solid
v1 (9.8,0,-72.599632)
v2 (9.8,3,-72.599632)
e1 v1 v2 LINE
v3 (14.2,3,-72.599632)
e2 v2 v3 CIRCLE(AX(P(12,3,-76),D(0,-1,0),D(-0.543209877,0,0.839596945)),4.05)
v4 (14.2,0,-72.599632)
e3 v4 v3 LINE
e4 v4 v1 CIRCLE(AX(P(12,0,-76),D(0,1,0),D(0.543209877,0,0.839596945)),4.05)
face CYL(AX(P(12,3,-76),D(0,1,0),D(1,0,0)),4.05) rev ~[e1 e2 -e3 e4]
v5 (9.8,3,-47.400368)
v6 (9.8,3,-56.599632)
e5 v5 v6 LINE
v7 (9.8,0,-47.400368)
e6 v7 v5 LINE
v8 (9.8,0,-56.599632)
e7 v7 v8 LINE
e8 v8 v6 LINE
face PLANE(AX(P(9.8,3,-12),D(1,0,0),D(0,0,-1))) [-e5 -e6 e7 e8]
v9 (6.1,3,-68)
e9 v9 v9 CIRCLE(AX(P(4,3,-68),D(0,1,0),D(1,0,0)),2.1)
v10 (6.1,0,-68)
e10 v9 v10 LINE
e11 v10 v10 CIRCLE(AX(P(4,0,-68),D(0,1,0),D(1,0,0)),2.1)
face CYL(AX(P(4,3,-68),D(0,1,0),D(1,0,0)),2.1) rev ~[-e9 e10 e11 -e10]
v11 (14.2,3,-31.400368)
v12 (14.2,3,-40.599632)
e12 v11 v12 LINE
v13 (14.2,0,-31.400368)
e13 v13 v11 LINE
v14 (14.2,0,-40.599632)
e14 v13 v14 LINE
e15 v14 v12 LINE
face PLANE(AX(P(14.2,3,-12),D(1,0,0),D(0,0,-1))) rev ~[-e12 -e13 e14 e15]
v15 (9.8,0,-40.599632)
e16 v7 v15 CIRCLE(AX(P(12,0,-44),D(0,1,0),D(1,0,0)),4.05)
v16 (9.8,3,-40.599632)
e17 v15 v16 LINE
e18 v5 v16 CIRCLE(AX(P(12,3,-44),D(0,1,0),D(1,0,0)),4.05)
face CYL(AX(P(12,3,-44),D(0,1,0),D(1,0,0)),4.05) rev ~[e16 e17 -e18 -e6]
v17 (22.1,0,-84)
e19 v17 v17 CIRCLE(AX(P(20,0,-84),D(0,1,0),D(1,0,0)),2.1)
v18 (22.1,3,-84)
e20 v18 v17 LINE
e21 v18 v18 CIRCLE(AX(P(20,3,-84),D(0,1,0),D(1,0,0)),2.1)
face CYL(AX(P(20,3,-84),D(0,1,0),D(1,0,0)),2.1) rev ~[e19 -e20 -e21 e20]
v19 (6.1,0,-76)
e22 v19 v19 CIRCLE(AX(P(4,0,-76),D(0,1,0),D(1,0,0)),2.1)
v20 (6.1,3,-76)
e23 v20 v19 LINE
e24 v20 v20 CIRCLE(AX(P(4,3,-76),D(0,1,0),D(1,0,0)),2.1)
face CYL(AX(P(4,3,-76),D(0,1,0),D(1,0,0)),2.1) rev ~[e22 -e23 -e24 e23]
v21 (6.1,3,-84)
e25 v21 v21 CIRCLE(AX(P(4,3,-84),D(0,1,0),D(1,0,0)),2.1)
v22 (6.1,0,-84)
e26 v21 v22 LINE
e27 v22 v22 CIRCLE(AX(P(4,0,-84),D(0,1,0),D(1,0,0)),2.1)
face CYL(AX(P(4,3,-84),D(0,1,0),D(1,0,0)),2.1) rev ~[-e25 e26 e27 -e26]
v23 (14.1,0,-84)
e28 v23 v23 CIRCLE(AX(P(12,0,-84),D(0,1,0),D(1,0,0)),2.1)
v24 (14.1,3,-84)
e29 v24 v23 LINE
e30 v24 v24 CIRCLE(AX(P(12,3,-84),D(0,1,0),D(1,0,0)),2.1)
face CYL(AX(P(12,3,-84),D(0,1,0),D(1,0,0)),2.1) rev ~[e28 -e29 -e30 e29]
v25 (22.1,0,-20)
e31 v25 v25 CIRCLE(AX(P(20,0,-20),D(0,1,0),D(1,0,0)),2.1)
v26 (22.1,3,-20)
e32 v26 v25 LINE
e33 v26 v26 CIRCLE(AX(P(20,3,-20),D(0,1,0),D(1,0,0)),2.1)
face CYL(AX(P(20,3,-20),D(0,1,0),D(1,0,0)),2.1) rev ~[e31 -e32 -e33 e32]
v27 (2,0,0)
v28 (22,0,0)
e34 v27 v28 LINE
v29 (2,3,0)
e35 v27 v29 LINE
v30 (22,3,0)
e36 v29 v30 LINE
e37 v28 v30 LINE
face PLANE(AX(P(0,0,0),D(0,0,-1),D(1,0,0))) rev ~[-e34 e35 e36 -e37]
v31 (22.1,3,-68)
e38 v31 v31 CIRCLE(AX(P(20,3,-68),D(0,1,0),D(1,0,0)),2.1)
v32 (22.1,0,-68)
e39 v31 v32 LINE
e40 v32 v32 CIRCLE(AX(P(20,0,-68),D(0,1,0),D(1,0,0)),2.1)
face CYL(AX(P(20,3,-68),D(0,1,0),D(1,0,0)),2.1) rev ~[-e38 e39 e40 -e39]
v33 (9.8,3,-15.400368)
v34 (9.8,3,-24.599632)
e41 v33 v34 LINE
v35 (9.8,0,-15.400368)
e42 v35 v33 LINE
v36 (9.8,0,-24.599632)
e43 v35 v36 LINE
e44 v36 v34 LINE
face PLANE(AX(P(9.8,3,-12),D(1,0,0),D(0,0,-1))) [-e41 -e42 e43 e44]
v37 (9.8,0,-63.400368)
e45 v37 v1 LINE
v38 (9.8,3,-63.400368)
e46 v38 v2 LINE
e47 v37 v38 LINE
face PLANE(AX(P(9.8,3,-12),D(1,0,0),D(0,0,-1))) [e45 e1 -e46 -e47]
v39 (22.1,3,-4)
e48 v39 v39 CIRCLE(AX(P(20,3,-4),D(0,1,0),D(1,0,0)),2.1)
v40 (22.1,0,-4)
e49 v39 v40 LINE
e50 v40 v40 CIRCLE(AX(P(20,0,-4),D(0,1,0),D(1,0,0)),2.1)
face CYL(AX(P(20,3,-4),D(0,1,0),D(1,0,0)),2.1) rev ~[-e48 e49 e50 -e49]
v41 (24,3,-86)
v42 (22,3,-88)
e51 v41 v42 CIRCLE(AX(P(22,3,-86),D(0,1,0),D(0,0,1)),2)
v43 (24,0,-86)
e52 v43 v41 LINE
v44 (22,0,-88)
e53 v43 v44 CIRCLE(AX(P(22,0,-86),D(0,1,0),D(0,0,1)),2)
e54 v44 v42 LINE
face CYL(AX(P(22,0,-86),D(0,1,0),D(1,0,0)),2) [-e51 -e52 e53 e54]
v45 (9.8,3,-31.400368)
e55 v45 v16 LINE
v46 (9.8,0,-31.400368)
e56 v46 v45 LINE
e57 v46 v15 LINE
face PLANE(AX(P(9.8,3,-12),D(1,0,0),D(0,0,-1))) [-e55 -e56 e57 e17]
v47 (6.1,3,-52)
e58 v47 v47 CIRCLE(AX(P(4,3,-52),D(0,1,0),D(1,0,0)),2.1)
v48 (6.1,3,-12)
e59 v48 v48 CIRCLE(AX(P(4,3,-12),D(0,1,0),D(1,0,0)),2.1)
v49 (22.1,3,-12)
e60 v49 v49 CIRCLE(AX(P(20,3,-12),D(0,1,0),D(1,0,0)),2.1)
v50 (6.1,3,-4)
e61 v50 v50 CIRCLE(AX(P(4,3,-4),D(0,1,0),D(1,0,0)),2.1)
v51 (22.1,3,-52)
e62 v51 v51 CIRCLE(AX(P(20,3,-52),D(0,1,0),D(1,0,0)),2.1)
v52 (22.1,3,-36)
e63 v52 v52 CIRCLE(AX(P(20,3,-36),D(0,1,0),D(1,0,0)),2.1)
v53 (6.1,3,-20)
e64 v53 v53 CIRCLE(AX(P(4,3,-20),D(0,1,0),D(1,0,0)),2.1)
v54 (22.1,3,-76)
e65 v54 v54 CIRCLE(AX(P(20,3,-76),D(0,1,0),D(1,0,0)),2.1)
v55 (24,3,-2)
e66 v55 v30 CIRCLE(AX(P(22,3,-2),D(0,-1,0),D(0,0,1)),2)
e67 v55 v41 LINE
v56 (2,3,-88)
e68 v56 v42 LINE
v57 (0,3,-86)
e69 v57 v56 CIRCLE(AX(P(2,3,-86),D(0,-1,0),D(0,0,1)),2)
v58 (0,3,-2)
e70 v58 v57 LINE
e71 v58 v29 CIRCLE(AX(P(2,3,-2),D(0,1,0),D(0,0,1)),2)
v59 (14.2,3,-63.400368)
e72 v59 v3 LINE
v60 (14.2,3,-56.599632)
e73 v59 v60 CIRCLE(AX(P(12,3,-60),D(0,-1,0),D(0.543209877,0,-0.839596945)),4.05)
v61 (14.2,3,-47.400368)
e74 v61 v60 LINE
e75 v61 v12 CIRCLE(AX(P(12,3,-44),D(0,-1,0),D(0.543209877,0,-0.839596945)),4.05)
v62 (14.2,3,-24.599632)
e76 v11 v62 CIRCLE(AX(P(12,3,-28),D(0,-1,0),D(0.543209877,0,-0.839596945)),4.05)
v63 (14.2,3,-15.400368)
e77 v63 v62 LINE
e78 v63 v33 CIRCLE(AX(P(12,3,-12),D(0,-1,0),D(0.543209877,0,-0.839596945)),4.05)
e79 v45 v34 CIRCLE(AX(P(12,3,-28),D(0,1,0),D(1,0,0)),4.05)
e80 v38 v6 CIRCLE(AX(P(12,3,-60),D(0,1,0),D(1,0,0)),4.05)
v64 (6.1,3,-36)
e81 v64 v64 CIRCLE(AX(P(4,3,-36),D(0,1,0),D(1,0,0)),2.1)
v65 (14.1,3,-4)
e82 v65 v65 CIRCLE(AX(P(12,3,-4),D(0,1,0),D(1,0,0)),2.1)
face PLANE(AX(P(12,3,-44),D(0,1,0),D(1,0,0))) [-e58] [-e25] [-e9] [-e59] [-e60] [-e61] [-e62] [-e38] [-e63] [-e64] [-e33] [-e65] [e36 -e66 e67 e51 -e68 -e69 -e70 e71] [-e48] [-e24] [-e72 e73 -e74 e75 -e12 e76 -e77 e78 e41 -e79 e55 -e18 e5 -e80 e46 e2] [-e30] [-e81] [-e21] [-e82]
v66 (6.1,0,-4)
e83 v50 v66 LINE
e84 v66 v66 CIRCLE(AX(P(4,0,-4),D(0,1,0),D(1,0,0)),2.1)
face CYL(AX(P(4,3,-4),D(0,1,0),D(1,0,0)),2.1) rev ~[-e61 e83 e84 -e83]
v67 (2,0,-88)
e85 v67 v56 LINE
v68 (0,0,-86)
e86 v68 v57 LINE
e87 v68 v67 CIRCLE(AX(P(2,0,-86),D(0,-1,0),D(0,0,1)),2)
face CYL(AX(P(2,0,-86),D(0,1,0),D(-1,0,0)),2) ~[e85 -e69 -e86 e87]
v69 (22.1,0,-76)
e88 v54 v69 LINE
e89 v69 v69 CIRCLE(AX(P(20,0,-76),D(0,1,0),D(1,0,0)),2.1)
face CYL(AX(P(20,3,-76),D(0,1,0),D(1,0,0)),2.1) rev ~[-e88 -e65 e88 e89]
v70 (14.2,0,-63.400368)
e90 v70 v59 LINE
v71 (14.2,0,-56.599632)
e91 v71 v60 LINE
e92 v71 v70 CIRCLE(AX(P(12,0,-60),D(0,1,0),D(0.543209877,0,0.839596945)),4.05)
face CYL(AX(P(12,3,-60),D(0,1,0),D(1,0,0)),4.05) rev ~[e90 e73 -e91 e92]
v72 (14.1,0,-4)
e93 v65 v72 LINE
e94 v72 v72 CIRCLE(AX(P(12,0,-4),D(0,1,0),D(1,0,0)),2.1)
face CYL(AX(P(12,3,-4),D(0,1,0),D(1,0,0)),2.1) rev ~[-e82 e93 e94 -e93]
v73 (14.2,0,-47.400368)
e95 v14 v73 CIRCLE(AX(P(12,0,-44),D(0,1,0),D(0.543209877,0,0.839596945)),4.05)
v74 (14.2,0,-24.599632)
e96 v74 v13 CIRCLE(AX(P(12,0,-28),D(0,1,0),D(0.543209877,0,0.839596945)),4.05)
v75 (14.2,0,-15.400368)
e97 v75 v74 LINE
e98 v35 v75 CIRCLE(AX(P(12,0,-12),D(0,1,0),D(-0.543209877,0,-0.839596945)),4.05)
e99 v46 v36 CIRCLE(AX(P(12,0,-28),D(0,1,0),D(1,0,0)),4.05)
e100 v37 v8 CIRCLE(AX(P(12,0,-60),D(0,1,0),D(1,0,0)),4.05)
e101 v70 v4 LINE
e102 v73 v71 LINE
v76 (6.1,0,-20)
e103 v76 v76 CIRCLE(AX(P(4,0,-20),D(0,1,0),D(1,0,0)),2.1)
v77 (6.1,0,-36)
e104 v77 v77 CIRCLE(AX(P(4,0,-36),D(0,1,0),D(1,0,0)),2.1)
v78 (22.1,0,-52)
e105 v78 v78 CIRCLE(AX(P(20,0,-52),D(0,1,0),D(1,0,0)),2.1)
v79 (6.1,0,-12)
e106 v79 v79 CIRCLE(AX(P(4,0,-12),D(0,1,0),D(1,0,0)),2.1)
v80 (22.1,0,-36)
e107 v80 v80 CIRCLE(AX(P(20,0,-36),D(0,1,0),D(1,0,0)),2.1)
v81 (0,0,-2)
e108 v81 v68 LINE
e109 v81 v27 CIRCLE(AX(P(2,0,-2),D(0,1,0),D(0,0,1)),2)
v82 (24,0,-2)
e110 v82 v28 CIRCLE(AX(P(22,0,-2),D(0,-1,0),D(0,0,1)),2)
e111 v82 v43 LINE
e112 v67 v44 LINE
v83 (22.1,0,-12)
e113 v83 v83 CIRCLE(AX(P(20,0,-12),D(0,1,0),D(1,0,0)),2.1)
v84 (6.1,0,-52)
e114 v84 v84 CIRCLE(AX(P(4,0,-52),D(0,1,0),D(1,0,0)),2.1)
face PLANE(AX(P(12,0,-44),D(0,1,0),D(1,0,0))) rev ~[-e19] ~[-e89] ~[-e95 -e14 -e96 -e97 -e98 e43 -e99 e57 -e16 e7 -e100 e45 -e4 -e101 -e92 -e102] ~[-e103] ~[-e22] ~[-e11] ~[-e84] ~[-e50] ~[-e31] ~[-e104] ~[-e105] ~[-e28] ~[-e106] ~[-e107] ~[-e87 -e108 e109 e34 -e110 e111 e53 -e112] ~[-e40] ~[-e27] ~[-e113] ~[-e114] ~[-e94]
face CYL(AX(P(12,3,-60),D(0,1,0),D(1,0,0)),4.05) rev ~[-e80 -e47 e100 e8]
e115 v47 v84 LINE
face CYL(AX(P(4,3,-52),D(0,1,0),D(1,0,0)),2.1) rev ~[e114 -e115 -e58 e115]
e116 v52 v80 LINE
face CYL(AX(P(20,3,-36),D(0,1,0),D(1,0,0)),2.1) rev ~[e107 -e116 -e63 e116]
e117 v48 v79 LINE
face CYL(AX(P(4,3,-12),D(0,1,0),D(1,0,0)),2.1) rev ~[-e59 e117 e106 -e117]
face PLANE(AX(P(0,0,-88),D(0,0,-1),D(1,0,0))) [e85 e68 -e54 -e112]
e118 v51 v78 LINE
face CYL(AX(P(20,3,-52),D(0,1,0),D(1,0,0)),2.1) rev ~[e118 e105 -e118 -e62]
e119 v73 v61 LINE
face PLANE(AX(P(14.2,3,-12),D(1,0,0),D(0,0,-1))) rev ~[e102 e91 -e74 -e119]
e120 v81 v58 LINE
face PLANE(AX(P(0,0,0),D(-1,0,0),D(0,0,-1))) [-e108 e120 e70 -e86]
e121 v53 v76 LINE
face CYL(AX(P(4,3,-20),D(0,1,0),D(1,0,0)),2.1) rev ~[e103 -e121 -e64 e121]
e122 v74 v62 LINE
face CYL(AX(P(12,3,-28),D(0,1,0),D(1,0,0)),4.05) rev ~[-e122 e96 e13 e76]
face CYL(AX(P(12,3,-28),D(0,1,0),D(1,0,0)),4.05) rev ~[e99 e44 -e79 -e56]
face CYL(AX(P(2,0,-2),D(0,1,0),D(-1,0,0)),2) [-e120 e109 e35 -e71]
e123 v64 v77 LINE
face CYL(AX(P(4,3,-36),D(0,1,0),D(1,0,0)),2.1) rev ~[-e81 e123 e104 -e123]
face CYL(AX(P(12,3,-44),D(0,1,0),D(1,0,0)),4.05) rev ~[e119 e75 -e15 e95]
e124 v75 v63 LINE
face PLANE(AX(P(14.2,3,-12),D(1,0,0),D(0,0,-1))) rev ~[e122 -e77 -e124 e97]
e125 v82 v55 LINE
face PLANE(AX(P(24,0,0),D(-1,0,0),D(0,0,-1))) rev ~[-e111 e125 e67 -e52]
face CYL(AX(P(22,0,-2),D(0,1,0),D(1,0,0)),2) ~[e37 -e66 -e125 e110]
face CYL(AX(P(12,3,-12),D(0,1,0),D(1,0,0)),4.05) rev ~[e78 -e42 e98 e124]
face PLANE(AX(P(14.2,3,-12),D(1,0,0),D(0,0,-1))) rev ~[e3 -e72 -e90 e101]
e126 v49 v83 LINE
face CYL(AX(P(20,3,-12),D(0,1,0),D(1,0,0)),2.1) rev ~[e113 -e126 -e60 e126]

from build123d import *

# Parameters (mm, degrees)
SKETCH1_W           = 24
SKETCH1_H           = 88
BOSS_EXTRUDE1_DEPTH = 3
SKETCH2_R           = 2.1
CUT_EXTRUDE1_DEPTH  = 4
SKETCH3_R           = 4.05
CUT_EXTRUDE2_DEPTH  = 4
LPATTERN1_COUNT     = 5
LPATTERN1_PITCH     = 16
SKETCH4_W           = 4.4
SKETCH4_H           = 64
CUT_EXTRUDE3_DEPTH  = 4
FILLET1_R           = 2


with BuildPart() as part:
    # Sketch1 → Boss-Extrude1 (new body)
    with BuildSketch(Plane(origin=(0, 0, 0), x_dir=(1, 0, 0), z_dir=(0, 1, 0))):
        with Locations((12, 44)):
            Rectangle(SKETCH1_W, SKETCH1_H)
    extrude(amount=BOSS_EXTRUDE1_DEPTH)

    # Sketch2 → Cut-Extrude1 (cut, through all)
    with BuildSketch(Plane(origin=(0, 3, 0), x_dir=(1, 0, 0), z_dir=(0, 1, 0))):
        with Locations((12, 84)):
            Circle(SKETCH2_R)
        with Locations((4, 84)):
            Circle(SKETCH2_R)
        with Locations((4, 76)):
            Circle(SKETCH2_R)
        with Locations((4, 68)):
            Circle(SKETCH2_R)
        with Locations((4, 52)):
            Circle(SKETCH2_R)
        with Locations((20, 52)):
            Circle(SKETCH2_R)
        with Locations((20, 68)):
            Circle(SKETCH2_R)
        with Locations((20, 76)):
            Circle(SKETCH2_R)
        with Locations((20, 84)):
            Circle(SKETCH2_R)
        with Locations((20, 4)):
            Circle(SKETCH2_R)
        with Locations((20, 12)):
            Circle(SKETCH2_R)
        with Locations((20, 20)):
            Circle(SKETCH2_R)
        with Locations((20, 36)):
            Circle(SKETCH2_R)
        with Locations((4, 36)):
            Circle(SKETCH2_R)
        with Locations((4, 20)):
            Circle(SKETCH2_R)
        with Locations((4, 12)):
            Circle(SKETCH2_R)
        with Locations((4, 4)):
            Circle(SKETCH2_R)
        with Locations((12, 4)):
            Circle(SKETCH2_R)
    extrude(amount=-CUT_EXTRUDE1_DEPTH, mode=Mode.SUBTRACT)

    # Sketch3 → Cut-Extrude2 (cut, through all)
    with BuildSketch(Plane(origin=(0, 3, 0), x_dir=(1, 0, 0), z_dir=(0, 1, 0))):
        with Locations((12, 76)):
            Circle(SKETCH3_R)
    cut_extrude2 = extrude(amount=-CUT_EXTRUDE2_DEPTH, mode=Mode.SUBTRACT)

    # LPattern1: Cut-Extrude2 ×5
    with Locations(*[(0, 0, i * LPATTERN1_PITCH) for i in range(1, LPATTERN1_COUNT)]):
        add(cut_extrude2, mode=Mode.SUBTRACT)

    # Sketch4 → Cut-Extrude3 (cut, through all)
    with BuildSketch(Plane(origin=(0, 3, 0), x_dir=(1, 0, 0), z_dir=(0, 1, 0))):
        with Locations((12, 44)):
            Rectangle(SKETCH4_W, SKETCH4_H)
    extrude(amount=-CUT_EXTRUDE3_DEPTH, mode=Mode.SUBTRACT)

    # Fillet1
    fillet1_edges = [part.edges().sort_by_distance(p)[0] for p in [
        (0, 1.5, -88),
        (24, 1.5, -88),
        (24, 1.5, 0),
        (0, 1.5, 0),
    ]]
    fillet(fillet1_edges, radius=FILLET1_R)


solid = part.part
